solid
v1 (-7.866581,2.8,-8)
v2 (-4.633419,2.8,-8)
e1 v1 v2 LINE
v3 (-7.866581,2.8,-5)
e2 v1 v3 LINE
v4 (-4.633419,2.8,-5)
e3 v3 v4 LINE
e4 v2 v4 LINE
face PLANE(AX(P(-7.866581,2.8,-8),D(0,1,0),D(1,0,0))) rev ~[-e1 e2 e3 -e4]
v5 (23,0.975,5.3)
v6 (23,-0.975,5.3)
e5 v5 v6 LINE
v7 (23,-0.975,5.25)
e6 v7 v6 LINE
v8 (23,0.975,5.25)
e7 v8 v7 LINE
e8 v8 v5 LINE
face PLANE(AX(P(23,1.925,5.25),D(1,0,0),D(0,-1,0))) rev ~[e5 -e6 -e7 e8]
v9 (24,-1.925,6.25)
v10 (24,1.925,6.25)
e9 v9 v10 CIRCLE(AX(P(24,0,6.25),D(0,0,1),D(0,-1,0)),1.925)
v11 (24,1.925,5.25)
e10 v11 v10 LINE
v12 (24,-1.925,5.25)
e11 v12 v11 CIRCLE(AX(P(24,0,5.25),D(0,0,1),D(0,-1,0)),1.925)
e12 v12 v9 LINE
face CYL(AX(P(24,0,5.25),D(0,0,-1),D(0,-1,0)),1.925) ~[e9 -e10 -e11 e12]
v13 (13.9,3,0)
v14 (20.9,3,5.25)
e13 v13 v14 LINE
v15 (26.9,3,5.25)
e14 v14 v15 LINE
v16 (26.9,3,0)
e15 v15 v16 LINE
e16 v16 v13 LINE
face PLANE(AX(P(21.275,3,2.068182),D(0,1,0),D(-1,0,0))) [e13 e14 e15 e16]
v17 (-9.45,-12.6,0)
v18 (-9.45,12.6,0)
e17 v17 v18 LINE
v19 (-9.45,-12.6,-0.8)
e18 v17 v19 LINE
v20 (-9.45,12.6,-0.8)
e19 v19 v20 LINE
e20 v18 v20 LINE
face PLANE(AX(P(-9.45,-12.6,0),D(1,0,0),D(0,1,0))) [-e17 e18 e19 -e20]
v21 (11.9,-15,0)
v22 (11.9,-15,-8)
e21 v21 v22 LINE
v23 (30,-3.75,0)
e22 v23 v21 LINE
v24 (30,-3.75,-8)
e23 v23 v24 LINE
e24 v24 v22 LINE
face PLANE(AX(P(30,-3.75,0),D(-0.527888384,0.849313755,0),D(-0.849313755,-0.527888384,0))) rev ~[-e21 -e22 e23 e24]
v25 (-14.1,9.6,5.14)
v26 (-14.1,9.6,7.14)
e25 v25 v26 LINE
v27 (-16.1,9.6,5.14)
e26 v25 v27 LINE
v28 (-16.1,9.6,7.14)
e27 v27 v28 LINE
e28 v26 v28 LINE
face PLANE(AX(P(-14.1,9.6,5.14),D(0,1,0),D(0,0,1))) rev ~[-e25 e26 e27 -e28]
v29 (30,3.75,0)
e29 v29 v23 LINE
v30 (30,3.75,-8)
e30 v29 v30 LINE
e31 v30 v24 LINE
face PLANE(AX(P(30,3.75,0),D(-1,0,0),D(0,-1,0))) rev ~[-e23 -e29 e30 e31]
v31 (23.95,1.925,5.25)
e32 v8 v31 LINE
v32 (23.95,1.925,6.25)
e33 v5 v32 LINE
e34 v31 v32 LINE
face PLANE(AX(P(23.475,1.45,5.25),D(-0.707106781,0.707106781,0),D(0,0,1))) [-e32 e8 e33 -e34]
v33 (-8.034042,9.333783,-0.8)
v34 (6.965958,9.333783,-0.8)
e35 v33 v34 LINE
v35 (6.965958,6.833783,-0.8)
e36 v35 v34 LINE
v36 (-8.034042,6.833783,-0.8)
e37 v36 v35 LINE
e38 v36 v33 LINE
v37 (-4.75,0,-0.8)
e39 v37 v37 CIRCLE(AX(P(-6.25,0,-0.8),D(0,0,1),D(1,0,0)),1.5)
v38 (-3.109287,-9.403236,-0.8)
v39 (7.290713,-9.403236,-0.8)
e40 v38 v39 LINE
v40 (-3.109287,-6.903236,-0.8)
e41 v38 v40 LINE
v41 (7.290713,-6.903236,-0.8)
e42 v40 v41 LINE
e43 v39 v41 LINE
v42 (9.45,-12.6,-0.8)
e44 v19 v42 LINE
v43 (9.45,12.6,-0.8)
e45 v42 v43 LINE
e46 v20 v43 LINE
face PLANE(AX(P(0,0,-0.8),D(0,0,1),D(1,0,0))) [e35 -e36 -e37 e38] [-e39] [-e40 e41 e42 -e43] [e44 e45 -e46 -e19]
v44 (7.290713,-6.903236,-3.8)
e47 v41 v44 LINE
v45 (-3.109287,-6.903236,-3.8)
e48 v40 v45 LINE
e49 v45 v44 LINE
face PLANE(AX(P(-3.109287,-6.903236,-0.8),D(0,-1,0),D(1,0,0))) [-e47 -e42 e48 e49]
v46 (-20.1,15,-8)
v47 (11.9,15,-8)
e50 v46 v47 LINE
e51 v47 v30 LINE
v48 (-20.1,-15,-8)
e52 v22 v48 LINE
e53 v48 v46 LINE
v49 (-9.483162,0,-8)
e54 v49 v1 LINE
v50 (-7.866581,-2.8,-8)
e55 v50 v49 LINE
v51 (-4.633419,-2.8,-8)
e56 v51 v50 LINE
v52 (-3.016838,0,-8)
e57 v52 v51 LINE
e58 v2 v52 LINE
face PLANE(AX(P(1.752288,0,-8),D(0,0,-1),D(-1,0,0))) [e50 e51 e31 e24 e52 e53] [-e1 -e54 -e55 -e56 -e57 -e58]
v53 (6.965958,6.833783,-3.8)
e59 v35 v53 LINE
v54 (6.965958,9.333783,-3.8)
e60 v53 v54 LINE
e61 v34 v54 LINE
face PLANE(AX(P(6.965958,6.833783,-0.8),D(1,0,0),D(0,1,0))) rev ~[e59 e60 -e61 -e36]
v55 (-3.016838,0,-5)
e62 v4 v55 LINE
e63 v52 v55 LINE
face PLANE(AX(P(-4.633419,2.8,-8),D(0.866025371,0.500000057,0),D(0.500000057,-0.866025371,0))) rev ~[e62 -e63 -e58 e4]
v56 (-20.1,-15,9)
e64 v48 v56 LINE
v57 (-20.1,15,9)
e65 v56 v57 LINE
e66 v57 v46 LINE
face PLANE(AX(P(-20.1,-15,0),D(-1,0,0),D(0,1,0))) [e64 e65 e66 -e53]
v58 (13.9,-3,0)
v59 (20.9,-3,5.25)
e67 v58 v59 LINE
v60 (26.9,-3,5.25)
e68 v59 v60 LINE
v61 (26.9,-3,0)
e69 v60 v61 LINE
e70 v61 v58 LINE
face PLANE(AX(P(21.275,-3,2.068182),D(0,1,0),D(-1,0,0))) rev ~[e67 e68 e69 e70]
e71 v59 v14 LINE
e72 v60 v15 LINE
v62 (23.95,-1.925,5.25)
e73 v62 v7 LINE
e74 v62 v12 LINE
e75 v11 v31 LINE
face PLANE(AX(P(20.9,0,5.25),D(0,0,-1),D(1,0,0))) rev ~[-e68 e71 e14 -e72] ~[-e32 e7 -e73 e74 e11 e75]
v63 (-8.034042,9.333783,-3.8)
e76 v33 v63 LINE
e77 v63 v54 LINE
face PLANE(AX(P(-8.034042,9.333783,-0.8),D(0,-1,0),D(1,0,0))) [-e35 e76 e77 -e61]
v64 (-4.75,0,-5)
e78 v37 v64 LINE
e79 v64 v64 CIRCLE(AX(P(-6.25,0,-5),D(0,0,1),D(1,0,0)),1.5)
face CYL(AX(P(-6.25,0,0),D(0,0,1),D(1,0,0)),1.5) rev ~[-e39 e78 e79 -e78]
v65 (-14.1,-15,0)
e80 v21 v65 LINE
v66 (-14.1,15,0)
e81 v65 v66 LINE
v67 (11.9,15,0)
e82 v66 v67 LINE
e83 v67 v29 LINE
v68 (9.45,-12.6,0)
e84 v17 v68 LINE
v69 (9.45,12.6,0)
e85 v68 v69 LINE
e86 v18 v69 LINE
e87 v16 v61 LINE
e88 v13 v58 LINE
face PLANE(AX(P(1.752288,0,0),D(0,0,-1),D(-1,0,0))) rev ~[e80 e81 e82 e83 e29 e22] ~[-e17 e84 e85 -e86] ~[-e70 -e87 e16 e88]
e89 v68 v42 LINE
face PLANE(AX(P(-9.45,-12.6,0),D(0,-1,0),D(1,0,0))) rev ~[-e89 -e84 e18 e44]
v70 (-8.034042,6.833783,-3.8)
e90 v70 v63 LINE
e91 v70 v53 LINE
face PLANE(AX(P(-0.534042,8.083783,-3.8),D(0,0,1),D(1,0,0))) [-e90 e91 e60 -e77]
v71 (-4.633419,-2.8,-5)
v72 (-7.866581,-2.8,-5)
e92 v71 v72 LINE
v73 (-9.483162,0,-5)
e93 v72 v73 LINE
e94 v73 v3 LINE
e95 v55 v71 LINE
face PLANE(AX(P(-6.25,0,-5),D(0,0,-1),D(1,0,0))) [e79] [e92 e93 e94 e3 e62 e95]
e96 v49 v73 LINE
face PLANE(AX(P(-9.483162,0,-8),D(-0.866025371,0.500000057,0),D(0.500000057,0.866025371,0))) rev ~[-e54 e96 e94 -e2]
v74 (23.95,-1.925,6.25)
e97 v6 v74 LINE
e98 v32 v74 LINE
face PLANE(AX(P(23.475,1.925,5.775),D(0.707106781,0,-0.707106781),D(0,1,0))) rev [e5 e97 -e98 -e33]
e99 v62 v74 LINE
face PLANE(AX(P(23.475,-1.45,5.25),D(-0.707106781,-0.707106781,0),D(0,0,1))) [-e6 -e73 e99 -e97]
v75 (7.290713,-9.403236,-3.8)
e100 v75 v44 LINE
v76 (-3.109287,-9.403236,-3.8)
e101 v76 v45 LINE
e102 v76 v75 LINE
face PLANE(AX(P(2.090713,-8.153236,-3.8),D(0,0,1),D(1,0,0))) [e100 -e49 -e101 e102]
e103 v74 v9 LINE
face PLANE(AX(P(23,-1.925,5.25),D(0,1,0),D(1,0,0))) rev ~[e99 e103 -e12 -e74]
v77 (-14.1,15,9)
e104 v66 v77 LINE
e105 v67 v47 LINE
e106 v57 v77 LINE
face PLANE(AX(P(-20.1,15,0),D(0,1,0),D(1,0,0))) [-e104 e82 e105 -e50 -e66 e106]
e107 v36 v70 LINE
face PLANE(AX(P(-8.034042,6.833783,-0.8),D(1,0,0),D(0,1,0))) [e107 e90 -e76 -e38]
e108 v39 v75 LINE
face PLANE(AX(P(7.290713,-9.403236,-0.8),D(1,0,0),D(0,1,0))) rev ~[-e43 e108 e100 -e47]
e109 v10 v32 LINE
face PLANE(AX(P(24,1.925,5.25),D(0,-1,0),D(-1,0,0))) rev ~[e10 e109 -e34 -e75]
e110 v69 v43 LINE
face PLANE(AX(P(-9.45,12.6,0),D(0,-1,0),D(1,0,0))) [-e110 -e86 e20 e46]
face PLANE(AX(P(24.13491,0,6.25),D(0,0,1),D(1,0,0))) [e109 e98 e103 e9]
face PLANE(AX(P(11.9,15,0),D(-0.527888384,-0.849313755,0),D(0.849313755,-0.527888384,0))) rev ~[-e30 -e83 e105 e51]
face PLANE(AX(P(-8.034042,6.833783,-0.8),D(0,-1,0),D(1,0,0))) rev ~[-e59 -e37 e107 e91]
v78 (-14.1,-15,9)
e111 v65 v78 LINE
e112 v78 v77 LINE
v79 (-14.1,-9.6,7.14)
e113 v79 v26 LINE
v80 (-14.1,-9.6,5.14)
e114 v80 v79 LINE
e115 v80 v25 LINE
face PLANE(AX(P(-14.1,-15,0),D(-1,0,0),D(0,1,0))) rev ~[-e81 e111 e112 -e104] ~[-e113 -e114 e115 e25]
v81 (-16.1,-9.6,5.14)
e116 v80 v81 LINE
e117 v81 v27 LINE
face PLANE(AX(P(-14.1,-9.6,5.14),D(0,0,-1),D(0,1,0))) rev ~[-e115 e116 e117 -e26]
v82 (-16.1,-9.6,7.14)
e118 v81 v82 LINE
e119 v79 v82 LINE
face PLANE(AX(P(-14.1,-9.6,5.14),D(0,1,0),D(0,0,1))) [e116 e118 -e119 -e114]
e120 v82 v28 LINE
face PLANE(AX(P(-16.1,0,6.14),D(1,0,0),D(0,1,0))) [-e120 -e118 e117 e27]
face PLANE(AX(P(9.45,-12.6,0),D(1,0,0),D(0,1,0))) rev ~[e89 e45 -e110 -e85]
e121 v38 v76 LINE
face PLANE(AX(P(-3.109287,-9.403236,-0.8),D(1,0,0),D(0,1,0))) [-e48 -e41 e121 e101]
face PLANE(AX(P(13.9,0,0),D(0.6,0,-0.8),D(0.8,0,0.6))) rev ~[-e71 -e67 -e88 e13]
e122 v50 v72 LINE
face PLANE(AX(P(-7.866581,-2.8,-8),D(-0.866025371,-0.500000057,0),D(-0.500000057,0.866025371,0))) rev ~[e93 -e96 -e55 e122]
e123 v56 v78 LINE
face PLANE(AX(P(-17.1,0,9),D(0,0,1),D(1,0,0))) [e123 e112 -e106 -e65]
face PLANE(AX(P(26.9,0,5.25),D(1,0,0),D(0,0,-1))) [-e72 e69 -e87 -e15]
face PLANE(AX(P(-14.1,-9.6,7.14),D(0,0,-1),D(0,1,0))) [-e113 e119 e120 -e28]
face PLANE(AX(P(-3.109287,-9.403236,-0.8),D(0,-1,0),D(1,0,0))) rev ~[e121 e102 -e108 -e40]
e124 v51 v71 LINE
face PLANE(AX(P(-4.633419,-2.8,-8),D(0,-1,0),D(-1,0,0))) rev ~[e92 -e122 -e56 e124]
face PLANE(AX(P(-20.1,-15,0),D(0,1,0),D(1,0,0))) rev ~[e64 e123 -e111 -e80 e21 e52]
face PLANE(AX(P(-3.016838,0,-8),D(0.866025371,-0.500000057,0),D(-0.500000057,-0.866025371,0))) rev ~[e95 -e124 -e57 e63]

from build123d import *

# Parameters (mm, degrees)
SKETCH_R          = 1.5
PAD_DEPTH         = 8
SKETCH001_W       = 18.9
SKETCH001_H       = 25.2
POCKET_DEPTH      = 0.8
SKETCH002_W       = 15
SKETCH002_H       = 2.5
SKETCH002_W_2     = 10.4
POCKET001_DEPTH   = 3
SKETCH003_W       = 6
SKETCH003_H       = 30
PAD001_DEPTH      = 9
SKETCH004_W       = 19.2
SKETCH004_H       = 2
POCKET002_DEPTH   = 2
POCKET003_DEPTH   = 3
PAD002_DEPTH      = 3
PAD002_DEPTH_BACK = 3
PAD003_DEPTH      = 1
CHAMFER_SIZE      = 0.95


with BuildPart() as part:
    # Sketch → Pad (new body)
    with BuildSketch(Plane.XY):
        Polygon((-20.1, 15), (11.9, 15), (30, 3.75), (30, -3.75), (11.9, -15), (-20.1, -15), align=None)
        with Locations((-6.25, 0)):
            Circle(SKETCH_R, mode=Mode.SUBTRACT)
    extrude(amount=-PAD_DEPTH)

    # Sketch001 → Pocket (cut)
    with BuildSketch(Plane.XY):
        Rectangle(SKETCH001_W, SKETCH001_H)
    extrude(amount=-POCKET_DEPTH, mode=Mode.SUBTRACT)

    # Sketch002 (on Face33 of Pad003) → Pocket001 (cut)
    with BuildSketch(Plane.XY.offset(-0.8)):
        with Locations((-0.534042, 8.083783)):
            Rectangle(SKETCH002_W, SKETCH002_H)
        with Locations((2.090713, -8.153236)):
            Rectangle(SKETCH002_W_2, SKETCH002_H)
    extrude(amount=-POCKET001_DEPTH, mode=Mode.SUBTRACT)

    # Sketch003 (on Face4 of Pocket001) → Pad001 (join)
    with BuildSketch(Plane.XY):
        with Locations((-17.1, 0)):
            Rectangle(SKETCH003_W, SKETCH003_H)
    extrude(amount=PAD001_DEPTH)

    # Sketch004 (on Face10 of Pad001) → Pocket002 (cut)
    with BuildSketch(Plane.YZ.offset(-14.1)):
        with Locations((0, 6.14)):
            Rectangle(SKETCH004_W, SKETCH004_H)
    extrude(amount=-POCKET002_DEPTH, mode=Mode.SUBTRACT)

    # Sketch005 → Pocket003 (cut)
    with BuildSketch(Plane(origin=(0, 0, -8), x_dir=(1, 0, 0), z_dir=(0, 0, -1))):
        Polygon((-4.633419, 2.8), (-7.866581, 2.8), (-9.483162, 0), (-7.866581, -2.8), (-4.633419, -2.8), (-3.016838, 0), align=None)
    extrude(amount=-POCKET003_DEPTH, mode=Mode.SUBTRACT)

    # Sketch006 → Pad002 (join, two sides)
    with BuildSketch(Plane.XZ) as pad002_sk:
        Polygon((13.9, 0), (20.9, 5.25), (26.9, 5.25), (26.9, 0), align=None)
    extrude(amount=PAD002_DEPTH)
    extrude(pad002_sk.sketch, amount=-PAD002_DEPTH_BACK)

    # Sketch007 (on Face32 of Pad002) → Pad003 (join)
    with BuildSketch(Plane.XY.offset(5.25)):
        with BuildLine():
            ThreePointArc((24, -1.925), (25.925, 0), (24, 1.925))
            Line((24, 1.925), (23, 1.925))
            Line((23, 1.925), (23, -1.925))
            Line((23, -1.925), (24, -1.925))
        make_face()
    extrude(amount=PAD003_DEPTH)

    # Chamfer
    chamfer_edges = [part.edges().sort_by_distance(p)[0] for p in [
        (23, 0, 6.25),
        (23, -1.925, 5.75),
        (23, 1.925, 5.75),
    ]]
    chamfer(chamfer_edges, length=CHAMFER_SIZE)


solid = part.part
